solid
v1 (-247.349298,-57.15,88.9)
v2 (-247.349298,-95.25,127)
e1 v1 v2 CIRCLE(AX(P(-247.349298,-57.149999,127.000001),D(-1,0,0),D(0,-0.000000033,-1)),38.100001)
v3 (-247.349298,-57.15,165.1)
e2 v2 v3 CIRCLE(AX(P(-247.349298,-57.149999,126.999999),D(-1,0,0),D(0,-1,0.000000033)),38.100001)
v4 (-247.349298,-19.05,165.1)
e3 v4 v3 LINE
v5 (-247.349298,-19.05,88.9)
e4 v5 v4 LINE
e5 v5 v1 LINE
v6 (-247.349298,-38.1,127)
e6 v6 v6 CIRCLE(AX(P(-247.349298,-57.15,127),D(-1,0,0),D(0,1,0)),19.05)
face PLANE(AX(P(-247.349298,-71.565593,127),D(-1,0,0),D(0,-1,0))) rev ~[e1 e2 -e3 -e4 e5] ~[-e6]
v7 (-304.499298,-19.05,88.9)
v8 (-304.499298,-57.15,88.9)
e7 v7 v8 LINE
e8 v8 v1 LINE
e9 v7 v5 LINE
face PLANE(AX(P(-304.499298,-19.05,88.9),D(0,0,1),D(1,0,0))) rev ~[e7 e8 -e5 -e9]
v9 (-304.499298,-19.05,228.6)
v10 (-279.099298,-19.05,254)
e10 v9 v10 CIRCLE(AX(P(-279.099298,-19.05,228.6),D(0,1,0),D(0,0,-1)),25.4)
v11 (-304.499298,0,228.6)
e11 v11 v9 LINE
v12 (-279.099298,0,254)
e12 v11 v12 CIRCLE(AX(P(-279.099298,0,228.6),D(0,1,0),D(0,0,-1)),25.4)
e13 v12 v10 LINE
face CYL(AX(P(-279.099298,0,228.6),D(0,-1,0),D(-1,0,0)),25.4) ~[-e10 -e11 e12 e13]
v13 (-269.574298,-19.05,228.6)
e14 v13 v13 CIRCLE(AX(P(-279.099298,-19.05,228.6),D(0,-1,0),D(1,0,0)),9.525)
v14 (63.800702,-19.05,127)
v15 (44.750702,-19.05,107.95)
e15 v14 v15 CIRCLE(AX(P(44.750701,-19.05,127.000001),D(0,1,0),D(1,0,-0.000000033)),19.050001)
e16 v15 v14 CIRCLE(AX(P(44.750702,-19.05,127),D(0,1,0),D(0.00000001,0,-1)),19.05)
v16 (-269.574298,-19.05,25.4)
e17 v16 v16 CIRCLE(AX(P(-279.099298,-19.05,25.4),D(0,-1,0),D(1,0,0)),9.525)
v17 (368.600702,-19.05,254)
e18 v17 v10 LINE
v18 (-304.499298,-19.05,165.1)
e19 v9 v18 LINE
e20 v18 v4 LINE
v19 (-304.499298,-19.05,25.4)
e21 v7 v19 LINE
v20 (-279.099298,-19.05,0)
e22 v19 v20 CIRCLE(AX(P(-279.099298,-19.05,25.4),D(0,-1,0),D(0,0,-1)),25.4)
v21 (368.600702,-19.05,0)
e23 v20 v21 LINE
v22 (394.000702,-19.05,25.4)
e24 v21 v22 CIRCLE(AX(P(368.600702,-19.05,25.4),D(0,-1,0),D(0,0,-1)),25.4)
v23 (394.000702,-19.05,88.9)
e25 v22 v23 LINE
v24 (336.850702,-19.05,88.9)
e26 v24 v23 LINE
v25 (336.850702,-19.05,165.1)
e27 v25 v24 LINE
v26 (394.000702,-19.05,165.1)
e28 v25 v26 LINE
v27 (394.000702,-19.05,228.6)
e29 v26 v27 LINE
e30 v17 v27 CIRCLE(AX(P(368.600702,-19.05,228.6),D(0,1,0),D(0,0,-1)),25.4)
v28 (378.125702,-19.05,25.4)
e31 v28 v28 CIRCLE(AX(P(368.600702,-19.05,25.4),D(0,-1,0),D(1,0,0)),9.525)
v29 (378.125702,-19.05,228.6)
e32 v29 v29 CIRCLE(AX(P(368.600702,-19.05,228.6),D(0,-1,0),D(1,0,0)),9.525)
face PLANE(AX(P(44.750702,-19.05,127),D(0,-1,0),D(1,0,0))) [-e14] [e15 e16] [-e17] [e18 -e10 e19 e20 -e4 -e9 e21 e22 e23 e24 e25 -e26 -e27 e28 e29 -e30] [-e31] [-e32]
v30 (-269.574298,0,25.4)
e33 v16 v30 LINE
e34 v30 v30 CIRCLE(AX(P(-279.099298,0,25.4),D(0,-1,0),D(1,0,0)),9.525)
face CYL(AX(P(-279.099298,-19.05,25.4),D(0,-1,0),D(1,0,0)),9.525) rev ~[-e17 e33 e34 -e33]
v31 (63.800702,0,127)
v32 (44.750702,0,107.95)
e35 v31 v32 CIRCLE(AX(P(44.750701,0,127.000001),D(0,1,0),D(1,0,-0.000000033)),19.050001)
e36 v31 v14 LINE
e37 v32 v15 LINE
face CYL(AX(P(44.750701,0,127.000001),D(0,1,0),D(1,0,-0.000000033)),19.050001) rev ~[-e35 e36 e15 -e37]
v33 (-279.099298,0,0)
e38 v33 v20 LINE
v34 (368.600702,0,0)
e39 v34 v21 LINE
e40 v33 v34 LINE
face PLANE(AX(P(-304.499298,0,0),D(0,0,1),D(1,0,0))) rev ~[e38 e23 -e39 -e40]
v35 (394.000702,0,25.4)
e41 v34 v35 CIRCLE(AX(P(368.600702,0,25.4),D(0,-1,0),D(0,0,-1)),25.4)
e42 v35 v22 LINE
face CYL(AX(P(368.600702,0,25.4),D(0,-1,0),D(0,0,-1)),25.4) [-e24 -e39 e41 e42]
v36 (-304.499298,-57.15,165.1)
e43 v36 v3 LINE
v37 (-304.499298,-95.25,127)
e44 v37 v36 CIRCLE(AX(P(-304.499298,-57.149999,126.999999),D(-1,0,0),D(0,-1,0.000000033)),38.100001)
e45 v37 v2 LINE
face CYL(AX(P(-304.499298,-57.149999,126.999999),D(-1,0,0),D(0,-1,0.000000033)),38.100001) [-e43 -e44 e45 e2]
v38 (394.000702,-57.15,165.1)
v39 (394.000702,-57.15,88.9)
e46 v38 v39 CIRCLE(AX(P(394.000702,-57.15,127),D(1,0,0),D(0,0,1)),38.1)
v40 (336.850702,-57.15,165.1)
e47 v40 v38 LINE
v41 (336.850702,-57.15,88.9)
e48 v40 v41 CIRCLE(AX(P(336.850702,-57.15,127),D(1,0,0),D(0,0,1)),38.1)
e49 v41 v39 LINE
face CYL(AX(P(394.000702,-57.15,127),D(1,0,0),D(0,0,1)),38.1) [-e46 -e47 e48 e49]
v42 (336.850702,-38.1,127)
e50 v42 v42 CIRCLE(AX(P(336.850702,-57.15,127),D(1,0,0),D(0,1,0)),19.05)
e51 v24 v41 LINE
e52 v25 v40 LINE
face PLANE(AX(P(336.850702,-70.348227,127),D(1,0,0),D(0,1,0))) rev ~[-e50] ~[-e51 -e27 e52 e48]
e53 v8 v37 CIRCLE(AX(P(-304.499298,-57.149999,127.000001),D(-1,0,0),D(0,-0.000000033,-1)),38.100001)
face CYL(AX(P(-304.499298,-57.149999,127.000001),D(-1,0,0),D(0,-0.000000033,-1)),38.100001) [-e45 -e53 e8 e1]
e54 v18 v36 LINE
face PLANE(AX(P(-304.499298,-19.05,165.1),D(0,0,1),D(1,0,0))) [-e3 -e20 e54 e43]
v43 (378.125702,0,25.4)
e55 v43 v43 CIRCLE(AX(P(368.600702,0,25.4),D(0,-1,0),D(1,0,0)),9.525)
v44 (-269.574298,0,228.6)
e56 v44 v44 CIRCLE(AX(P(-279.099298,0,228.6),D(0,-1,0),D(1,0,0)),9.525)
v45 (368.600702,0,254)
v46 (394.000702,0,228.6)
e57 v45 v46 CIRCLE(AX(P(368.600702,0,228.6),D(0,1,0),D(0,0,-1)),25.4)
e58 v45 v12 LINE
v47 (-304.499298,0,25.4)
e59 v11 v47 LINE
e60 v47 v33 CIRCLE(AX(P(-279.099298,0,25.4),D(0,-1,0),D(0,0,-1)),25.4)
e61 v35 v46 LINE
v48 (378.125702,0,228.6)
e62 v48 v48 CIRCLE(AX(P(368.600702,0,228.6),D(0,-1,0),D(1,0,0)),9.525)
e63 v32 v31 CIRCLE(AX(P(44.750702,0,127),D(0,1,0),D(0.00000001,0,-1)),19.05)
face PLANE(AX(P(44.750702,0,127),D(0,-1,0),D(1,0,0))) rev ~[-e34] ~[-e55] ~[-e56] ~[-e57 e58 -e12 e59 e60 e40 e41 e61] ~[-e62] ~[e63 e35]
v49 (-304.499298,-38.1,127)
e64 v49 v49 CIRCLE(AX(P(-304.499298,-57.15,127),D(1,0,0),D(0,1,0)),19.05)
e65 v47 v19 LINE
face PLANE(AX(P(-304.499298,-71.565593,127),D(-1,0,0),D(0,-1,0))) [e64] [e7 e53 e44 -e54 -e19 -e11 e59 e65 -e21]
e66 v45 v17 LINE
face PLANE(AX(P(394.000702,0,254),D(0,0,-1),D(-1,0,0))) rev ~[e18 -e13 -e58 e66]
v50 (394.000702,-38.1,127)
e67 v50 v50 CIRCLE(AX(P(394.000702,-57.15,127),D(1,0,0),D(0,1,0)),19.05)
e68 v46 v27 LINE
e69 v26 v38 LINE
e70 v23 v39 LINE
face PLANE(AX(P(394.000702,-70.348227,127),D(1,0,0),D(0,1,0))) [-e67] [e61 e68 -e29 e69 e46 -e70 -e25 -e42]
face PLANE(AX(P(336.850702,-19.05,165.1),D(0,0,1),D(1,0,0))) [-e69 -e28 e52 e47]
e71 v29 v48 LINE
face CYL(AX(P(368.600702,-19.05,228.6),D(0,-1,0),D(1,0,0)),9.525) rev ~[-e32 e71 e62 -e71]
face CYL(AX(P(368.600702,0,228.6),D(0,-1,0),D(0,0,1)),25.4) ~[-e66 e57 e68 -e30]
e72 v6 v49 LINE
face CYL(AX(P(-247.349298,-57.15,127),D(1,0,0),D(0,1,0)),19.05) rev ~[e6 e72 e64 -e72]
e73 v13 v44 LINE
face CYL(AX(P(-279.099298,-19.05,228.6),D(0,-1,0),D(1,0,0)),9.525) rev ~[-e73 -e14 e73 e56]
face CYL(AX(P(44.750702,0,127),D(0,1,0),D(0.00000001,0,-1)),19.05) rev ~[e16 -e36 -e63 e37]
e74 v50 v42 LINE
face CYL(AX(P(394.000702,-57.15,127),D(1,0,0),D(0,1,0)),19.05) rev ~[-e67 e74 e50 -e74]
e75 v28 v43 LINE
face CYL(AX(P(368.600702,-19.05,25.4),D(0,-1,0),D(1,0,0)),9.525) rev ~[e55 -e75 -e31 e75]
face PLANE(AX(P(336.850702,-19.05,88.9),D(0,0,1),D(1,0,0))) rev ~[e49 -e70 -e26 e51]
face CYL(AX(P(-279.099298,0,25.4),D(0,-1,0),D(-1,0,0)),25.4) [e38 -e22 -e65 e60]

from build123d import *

# Parameters (mm, degrees)
F1_DEPTH  = 19.05
F2_R      = 25.4
F4_W      = 57.15
F4_H      = 38.1
F5_DEPTH  = 38.1
F7_DEPTH  = 57.15
F8_R      = 19.05
F10_DEPTH = 76.2
F12_DEPTH = 38.1
F14_DEPTH = 57.15
F16_DEPTH = 76.2
F15_R     = 19.05
F17_DEPTH = 57.15
F11_R     = 9.525
F18_DEPTH = 25.4


with BuildPart() as f1:
    # F0 (on Front) → F1 (new body)
    with BuildSketch(Plane.XZ):
        Polygon((-304.499298, 254), (-304.499298, 0), (44.750702, 0), (394.000702, 0), (394.000702, 254), align=None)
        with BuildLine():
            ThreePointArc((63.800702, 127), (58.221086, 113.529616), (44.750702, 107.95))
            ThreePointArc((44.750702, 107.95), (31.280317, 140.470384), (63.800702, 127))
        make_face(mode=Mode.SUBTRACT)
    extrude(amount=F1_DEPTH)

    # F2
    f2_edges = [f1.edges().sort_by_distance(p)[0] for p in [
        (-304.499298, -9.525, 254),
        (394.000702, -9.525, 254),
        (394.000702, -9.525, 0),
        (-304.499298, -9.525, 0),
    ]]
    fillet(f2_edges, radius=F2_R)

    # F4 (on face) → F5 (join)
    with BuildSketch(Plane.XZ.offset(19.05)):
        with Locations((-275.924298, 146.05)):
            Rectangle(F4_W, F4_H)
        with Locations((-275.924298, 107.95)):
            Rectangle(F4_W, F4_H)
    extrude(amount=F5_DEPTH)

    # F6 (on face) → F7 (join)
    with BuildSketch(Plane(origin=(-304.499298, 0, 0), x_dir=(0, -1, 0), z_dir=(-1, 0, 0))):
        with BuildLine():
            ThreePointArc((57.15, 88.9), (84.090768, 100.059232), (95.25, 127))
            ThreePointArc((95.25, 127), (84.090768, 153.940768), (57.15, 165.1))
            Line((57.15, 165.1), (57.15, 88.9))
        make_face()
    extrude(amount=-F7_DEPTH)

    # F8 (on face) → F10 (cut)
    with BuildSketch(Plane.YZ.offset(-247.349298)):
        with Locations((-57.15, 127)):
            Circle(F8_R)
    extrude(amount=-F10_DEPTH, mode=Mode.SUBTRACT)

    # F4 (on face) → F12 (join)
    with BuildSketch(Plane.XZ.offset(19.05)):
        with Locations((-275.924298, 146.05)):
            Rectangle(F4_W, F4_H)
        with Locations((-275.924298, 107.95)):
            Rectangle(F4_W, F4_H)
        with Locations((365.425702, 107.95)):
            Rectangle(F4_W, F4_H)
        with Locations((365.425702, 146.05)):
            Rectangle(F4_W, F4_H)
    extrude(amount=F12_DEPTH)

    # F13 (on face) → F14 (join)
    with BuildSketch(Plane.YZ.offset(394.000702)):
        with BuildLine():
            Line((-57.15, 88.9), (-57.15, 165.1))
            ThreePointArc((-57.15, 165.1), (-95.25, 127), (-57.15, 88.9))
        make_face()
    extrude(amount=-F14_DEPTH)

    # F8 (on face) → F16 (cut)
    with BuildSketch(Plane.YZ.offset(-247.349298)):
        with Locations((-57.15, 127)):
            Circle(F8_R)
    extrude(amount=-F16_DEPTH, mode=Mode.SUBTRACT)

    # F15 (on face) → F17 (cut)
    with BuildSketch(Plane.YZ.offset(394.000702)):
        with Locations((-57.15, 127)):
            Circle(F15_R)
    extrude(amount=-F17_DEPTH, mode=Mode.SUBTRACT)

    # F11 (on face) → F18 (cut)
    with BuildSketch(Plane.XZ.offset(19.05)):
        with Locations((-279.099298, 228.6)):
            Circle(F11_R)
        with Locations((-279.099298, 25.4)):
            Circle(F11_R)
        with Locations((368.600702, 228.6)):
            Circle(F11_R)
        with Locations((368.600702, 25.4)):
            Circle(F11_R)
    extrude(amount=-F18_DEPTH, mode=Mode.SUBTRACT)


solid = f1.part
